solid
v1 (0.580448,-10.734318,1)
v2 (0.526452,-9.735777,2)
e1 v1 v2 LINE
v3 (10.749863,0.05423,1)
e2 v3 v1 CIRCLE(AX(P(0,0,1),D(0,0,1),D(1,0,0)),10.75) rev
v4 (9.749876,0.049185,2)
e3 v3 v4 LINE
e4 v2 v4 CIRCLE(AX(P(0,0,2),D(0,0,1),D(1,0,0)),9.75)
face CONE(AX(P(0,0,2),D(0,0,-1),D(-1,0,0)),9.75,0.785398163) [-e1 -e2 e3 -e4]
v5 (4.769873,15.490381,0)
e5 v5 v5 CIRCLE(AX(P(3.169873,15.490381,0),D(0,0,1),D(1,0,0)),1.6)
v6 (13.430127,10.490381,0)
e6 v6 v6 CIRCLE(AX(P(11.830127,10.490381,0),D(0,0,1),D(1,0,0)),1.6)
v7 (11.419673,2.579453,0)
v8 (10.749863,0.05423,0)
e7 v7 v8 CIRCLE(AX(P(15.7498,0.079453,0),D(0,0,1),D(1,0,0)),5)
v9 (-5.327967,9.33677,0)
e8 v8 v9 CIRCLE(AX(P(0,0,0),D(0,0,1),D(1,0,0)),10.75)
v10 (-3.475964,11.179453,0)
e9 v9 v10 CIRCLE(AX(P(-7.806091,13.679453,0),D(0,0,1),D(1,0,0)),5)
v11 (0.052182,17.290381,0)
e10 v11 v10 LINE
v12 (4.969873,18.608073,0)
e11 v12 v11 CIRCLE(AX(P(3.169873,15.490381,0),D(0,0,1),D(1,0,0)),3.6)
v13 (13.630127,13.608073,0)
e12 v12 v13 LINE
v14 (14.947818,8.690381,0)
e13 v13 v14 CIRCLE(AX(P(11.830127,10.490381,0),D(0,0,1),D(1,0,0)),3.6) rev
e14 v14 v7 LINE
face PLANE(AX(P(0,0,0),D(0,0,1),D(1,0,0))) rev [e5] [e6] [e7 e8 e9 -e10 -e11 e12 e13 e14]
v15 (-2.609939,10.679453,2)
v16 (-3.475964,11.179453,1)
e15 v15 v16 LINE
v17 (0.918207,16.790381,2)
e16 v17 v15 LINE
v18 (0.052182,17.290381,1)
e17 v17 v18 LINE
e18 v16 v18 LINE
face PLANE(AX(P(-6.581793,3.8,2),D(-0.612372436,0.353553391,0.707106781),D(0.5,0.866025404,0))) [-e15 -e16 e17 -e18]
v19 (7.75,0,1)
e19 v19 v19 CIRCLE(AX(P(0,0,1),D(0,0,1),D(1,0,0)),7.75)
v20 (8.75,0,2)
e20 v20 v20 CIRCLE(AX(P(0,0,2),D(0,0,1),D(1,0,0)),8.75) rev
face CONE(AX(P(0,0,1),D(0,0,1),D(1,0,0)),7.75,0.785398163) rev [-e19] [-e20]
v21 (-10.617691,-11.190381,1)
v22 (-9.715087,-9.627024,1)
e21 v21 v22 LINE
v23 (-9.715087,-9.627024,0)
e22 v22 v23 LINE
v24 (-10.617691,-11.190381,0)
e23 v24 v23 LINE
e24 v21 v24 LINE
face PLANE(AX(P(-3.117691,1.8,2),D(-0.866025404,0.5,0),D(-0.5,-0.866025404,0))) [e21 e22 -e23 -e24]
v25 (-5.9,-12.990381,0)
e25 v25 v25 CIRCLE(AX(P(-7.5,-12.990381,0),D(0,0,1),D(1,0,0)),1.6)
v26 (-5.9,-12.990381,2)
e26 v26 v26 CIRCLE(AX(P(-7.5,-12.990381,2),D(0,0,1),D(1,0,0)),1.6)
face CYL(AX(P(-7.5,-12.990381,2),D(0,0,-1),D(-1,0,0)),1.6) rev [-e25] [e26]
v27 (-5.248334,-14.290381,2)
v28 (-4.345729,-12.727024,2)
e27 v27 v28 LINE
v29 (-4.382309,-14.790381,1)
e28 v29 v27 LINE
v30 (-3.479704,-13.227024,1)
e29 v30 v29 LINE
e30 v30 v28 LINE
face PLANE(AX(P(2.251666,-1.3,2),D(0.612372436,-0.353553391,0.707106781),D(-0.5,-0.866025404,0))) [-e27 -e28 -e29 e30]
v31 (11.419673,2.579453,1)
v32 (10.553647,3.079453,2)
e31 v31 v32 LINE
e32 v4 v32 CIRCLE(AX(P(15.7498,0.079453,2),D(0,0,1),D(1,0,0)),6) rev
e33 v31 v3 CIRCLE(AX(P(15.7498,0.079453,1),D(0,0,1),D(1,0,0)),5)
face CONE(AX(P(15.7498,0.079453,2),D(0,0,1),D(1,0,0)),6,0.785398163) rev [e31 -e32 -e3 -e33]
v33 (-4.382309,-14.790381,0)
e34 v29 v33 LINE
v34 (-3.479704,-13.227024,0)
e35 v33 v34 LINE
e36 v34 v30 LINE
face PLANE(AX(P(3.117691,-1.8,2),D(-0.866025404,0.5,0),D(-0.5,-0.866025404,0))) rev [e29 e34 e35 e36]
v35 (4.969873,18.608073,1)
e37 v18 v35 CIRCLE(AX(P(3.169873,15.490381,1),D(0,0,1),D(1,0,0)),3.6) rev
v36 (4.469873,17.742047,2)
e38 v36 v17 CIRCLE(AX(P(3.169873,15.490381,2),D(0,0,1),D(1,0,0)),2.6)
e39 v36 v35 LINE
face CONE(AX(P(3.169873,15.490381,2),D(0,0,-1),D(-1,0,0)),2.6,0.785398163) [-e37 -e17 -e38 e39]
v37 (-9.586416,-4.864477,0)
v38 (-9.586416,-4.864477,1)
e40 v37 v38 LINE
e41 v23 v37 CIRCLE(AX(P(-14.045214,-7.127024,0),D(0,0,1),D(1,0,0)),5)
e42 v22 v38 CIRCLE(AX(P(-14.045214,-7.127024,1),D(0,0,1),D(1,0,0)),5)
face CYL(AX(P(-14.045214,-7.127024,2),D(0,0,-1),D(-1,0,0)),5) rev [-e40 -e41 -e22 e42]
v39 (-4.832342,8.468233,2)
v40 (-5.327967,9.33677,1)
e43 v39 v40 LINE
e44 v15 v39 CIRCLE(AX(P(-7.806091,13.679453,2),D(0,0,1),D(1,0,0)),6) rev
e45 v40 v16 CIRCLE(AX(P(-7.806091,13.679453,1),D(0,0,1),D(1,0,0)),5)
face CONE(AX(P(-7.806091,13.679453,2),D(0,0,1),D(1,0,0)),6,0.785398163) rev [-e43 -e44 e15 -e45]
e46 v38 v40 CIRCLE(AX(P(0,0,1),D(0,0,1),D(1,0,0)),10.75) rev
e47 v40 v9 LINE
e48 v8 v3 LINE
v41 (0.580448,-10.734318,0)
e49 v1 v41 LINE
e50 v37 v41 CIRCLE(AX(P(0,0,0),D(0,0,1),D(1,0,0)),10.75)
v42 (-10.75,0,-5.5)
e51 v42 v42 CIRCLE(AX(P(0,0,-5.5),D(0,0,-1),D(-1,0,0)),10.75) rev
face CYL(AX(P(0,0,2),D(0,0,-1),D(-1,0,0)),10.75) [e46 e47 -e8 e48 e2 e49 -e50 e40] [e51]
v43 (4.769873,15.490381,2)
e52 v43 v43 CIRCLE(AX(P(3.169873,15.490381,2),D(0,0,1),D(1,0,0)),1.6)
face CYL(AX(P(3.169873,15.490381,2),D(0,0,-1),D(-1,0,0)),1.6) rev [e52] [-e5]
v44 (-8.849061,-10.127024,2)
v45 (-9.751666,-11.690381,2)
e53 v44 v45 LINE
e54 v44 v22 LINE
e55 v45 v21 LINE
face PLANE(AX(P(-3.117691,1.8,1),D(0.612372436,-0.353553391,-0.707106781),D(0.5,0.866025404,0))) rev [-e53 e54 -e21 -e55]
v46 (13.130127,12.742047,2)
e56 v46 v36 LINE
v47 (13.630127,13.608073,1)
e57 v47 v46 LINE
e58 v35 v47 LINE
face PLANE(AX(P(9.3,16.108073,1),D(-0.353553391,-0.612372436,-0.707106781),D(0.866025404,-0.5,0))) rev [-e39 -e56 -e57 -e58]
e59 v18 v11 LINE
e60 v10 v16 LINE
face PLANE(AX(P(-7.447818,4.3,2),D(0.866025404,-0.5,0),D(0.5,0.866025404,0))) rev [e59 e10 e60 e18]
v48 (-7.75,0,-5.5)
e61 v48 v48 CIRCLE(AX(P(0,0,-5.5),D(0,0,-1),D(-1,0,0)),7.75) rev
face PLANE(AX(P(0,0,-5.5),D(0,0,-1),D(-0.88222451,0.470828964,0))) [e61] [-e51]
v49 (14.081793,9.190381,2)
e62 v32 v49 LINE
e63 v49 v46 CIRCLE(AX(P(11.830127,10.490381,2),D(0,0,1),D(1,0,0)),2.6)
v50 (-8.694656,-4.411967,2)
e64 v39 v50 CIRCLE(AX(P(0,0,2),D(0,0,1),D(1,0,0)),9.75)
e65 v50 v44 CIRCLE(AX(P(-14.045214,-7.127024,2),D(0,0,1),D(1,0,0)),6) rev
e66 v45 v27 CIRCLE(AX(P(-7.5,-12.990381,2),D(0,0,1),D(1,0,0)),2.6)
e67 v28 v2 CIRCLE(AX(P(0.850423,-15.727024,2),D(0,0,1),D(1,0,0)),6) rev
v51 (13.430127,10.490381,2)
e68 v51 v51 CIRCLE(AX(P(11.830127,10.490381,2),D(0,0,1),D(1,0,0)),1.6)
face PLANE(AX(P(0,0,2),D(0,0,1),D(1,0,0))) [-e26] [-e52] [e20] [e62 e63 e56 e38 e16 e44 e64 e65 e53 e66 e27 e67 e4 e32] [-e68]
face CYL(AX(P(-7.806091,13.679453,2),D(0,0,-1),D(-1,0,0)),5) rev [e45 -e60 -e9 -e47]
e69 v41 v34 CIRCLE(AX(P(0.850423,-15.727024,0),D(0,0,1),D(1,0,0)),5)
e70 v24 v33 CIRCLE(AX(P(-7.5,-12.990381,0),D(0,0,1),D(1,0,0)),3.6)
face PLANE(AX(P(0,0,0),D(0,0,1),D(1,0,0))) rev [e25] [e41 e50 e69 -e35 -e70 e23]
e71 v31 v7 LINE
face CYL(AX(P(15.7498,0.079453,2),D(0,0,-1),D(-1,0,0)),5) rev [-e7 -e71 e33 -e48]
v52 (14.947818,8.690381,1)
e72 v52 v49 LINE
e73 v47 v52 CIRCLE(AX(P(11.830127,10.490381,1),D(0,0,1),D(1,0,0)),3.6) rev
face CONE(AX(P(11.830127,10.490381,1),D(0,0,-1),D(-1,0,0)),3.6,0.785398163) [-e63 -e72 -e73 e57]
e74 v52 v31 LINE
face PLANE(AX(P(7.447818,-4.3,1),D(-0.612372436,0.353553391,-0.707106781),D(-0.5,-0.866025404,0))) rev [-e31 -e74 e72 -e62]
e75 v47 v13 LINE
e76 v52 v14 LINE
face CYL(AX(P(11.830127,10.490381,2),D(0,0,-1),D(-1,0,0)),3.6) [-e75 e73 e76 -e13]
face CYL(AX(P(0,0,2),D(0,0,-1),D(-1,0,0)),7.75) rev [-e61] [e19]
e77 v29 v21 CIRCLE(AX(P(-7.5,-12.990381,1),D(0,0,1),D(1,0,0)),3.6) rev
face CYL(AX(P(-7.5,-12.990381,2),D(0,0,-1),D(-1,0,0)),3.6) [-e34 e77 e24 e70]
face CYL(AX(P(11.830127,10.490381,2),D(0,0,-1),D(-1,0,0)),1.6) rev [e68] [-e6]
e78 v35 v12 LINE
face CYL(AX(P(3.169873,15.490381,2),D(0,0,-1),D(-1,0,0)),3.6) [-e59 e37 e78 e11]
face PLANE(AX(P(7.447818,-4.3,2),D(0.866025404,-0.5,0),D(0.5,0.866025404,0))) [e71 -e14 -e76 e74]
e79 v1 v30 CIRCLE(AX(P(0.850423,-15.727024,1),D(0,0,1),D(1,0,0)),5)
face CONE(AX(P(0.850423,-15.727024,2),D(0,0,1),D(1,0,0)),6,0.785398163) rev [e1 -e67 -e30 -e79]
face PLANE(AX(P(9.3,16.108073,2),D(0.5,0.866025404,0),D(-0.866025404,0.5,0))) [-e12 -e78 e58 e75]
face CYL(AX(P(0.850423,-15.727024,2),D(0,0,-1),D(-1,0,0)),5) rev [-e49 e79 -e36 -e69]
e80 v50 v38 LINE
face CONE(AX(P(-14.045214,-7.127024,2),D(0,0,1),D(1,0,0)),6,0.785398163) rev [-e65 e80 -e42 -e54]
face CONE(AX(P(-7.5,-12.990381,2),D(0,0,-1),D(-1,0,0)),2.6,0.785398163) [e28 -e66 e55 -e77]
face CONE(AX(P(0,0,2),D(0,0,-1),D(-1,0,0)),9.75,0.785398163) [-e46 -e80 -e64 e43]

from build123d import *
from build123d.topology import SkipClean

# Parameters (mm, degrees)
SKETCH1_R           = 1.6
SKETCH1_R_2         = 10.75
SKETCH1_R_3         = 7.75
BOSS_EXTRUDE1_DEPTH = 2
SKETCH1_3_R         = 10.75
SKETCH1_3_R_2       = 7.75
BOSS_EXTRUDE2_DEPTH = 5.5
FILLET1_R           = 5
CHAMFER1_SIZE       = 1


with BuildPart() as part:
    # Sketch1 → Boss-Extrude1 (new body)
    with BuildSketch(Plane.XY):
        with BuildLine():
            ThreePointArc((-1.946953154, -10.572221782), (-5.375, -9.309773091), (-8.182336061, -6.972221782))
            Line((-8.182336061, -6.972221782), (-10.617691454, -11.190381057))
            ThreePointArc((-10.617691454, -11.190381057), (-9.3, -16.10807251), (-4.382308546, -14.790381057))
            Line((-4.382308546, -14.790381057), (-1.946953154, -10.572221782))
        make_face()
        with Locations((-7.5, -12.990381057)):
            Circle(SKETCH1_R, mode=Mode.SUBTRACT)
        with BuildLine():
            Line((13.630127019, 13.60807251), (4.969872981, 18.60807251))
            ThreePointArc((4.969872981, 18.60807251), (2.238124419, 18.967714031), (0.052181527, 17.290381057))
            Line((0.052181527, 17.290381057), (-4.222818473, 9.885863854))
            ThreePointArc((-4.222818473, 9.885863854), (5.375, 9.309773091), (10.672818473, 1.285863854))
            Line((10.672818473, 1.285863854), (14.947818473, 8.690381057))
            ThreePointArc((14.947818473, 8.690381057), (15.307459994, 11.422129619), (13.630127019, 13.60807251))
        make_face()
        with Locations((3.169872981, 15.490381057)):
            Circle(SKETCH1_R, mode=Mode.SUBTRACT)
        with Locations((11.830127019, 10.490381057)):
            Circle(SKETCH1_R, mode=Mode.SUBTRACT)
        Circle(SKETCH1_R_2)
        Circle(SKETCH1_R_3, mode=Mode.SUBTRACT)
    extrude(amount=BOSS_EXTRUDE1_DEPTH)

    # Sketch1<3> → Boss-Extrude2 (add)
    with SkipClean():  # the faces are left unmerged after this step: merging them gives an invalid solid
        with BuildSketch(Plane.XY):
            with Locations(Location((0, 0, 0), (0, 0, 180))):
                Circle(SKETCH1_3_R)
            with Locations(Location((0, 0, 0), (0, 0, 180))):
                Circle(SKETCH1_3_R_2, mode=Mode.SUBTRACT)
        extrude(amount=-BOSS_EXTRUDE2_DEPTH)

    # Fillet1
    fillet1_edges = [part.edges().sort_by_distance(p)[0] for p in [
        (-8.182336061, -6.972221782, 1),
        (-4.222818473, 9.885863854, 1),
        (10.672818473, 1.285863854, 1),
        (-1.946953154, -10.572221782, 1),
    ]]
    fillet(fillet1_edges, radius=FILLET1_R)

    # Chamfer1
    chamfer1_edges = [part.edges().sort_by_distance(p)[0] for p in [
        (-10.166389113, -10.408702474, 2),
        (-9.3, -16.10807251, 2),
        (-3.931006206, -14.008702474, 2),
        (13.183745523, 5.63491708, 2),
        (15.307459994, 11.422129619, 2),
        (9.3, 16.10807251, 2),
        (2.238124419, 18.967714031, 2),
        (-1.711891422, 14.23491708, 2),
        (7.822542831, -7.373623509, 2),
        (-10.297016692, 3.08770906, 2),
        (-7.75, 0, 2),
        (-4.27948651, 10.135012665, 2),
        (-9.047037625, -7.26206095, 2),
        (-1.765610454, -11.465994887, 2),
        (10.916921691, 1.3613623, 2),
    ]]
    chamfer(chamfer1_edges, length=CHAMFER1_SIZE)


solid = part.part
